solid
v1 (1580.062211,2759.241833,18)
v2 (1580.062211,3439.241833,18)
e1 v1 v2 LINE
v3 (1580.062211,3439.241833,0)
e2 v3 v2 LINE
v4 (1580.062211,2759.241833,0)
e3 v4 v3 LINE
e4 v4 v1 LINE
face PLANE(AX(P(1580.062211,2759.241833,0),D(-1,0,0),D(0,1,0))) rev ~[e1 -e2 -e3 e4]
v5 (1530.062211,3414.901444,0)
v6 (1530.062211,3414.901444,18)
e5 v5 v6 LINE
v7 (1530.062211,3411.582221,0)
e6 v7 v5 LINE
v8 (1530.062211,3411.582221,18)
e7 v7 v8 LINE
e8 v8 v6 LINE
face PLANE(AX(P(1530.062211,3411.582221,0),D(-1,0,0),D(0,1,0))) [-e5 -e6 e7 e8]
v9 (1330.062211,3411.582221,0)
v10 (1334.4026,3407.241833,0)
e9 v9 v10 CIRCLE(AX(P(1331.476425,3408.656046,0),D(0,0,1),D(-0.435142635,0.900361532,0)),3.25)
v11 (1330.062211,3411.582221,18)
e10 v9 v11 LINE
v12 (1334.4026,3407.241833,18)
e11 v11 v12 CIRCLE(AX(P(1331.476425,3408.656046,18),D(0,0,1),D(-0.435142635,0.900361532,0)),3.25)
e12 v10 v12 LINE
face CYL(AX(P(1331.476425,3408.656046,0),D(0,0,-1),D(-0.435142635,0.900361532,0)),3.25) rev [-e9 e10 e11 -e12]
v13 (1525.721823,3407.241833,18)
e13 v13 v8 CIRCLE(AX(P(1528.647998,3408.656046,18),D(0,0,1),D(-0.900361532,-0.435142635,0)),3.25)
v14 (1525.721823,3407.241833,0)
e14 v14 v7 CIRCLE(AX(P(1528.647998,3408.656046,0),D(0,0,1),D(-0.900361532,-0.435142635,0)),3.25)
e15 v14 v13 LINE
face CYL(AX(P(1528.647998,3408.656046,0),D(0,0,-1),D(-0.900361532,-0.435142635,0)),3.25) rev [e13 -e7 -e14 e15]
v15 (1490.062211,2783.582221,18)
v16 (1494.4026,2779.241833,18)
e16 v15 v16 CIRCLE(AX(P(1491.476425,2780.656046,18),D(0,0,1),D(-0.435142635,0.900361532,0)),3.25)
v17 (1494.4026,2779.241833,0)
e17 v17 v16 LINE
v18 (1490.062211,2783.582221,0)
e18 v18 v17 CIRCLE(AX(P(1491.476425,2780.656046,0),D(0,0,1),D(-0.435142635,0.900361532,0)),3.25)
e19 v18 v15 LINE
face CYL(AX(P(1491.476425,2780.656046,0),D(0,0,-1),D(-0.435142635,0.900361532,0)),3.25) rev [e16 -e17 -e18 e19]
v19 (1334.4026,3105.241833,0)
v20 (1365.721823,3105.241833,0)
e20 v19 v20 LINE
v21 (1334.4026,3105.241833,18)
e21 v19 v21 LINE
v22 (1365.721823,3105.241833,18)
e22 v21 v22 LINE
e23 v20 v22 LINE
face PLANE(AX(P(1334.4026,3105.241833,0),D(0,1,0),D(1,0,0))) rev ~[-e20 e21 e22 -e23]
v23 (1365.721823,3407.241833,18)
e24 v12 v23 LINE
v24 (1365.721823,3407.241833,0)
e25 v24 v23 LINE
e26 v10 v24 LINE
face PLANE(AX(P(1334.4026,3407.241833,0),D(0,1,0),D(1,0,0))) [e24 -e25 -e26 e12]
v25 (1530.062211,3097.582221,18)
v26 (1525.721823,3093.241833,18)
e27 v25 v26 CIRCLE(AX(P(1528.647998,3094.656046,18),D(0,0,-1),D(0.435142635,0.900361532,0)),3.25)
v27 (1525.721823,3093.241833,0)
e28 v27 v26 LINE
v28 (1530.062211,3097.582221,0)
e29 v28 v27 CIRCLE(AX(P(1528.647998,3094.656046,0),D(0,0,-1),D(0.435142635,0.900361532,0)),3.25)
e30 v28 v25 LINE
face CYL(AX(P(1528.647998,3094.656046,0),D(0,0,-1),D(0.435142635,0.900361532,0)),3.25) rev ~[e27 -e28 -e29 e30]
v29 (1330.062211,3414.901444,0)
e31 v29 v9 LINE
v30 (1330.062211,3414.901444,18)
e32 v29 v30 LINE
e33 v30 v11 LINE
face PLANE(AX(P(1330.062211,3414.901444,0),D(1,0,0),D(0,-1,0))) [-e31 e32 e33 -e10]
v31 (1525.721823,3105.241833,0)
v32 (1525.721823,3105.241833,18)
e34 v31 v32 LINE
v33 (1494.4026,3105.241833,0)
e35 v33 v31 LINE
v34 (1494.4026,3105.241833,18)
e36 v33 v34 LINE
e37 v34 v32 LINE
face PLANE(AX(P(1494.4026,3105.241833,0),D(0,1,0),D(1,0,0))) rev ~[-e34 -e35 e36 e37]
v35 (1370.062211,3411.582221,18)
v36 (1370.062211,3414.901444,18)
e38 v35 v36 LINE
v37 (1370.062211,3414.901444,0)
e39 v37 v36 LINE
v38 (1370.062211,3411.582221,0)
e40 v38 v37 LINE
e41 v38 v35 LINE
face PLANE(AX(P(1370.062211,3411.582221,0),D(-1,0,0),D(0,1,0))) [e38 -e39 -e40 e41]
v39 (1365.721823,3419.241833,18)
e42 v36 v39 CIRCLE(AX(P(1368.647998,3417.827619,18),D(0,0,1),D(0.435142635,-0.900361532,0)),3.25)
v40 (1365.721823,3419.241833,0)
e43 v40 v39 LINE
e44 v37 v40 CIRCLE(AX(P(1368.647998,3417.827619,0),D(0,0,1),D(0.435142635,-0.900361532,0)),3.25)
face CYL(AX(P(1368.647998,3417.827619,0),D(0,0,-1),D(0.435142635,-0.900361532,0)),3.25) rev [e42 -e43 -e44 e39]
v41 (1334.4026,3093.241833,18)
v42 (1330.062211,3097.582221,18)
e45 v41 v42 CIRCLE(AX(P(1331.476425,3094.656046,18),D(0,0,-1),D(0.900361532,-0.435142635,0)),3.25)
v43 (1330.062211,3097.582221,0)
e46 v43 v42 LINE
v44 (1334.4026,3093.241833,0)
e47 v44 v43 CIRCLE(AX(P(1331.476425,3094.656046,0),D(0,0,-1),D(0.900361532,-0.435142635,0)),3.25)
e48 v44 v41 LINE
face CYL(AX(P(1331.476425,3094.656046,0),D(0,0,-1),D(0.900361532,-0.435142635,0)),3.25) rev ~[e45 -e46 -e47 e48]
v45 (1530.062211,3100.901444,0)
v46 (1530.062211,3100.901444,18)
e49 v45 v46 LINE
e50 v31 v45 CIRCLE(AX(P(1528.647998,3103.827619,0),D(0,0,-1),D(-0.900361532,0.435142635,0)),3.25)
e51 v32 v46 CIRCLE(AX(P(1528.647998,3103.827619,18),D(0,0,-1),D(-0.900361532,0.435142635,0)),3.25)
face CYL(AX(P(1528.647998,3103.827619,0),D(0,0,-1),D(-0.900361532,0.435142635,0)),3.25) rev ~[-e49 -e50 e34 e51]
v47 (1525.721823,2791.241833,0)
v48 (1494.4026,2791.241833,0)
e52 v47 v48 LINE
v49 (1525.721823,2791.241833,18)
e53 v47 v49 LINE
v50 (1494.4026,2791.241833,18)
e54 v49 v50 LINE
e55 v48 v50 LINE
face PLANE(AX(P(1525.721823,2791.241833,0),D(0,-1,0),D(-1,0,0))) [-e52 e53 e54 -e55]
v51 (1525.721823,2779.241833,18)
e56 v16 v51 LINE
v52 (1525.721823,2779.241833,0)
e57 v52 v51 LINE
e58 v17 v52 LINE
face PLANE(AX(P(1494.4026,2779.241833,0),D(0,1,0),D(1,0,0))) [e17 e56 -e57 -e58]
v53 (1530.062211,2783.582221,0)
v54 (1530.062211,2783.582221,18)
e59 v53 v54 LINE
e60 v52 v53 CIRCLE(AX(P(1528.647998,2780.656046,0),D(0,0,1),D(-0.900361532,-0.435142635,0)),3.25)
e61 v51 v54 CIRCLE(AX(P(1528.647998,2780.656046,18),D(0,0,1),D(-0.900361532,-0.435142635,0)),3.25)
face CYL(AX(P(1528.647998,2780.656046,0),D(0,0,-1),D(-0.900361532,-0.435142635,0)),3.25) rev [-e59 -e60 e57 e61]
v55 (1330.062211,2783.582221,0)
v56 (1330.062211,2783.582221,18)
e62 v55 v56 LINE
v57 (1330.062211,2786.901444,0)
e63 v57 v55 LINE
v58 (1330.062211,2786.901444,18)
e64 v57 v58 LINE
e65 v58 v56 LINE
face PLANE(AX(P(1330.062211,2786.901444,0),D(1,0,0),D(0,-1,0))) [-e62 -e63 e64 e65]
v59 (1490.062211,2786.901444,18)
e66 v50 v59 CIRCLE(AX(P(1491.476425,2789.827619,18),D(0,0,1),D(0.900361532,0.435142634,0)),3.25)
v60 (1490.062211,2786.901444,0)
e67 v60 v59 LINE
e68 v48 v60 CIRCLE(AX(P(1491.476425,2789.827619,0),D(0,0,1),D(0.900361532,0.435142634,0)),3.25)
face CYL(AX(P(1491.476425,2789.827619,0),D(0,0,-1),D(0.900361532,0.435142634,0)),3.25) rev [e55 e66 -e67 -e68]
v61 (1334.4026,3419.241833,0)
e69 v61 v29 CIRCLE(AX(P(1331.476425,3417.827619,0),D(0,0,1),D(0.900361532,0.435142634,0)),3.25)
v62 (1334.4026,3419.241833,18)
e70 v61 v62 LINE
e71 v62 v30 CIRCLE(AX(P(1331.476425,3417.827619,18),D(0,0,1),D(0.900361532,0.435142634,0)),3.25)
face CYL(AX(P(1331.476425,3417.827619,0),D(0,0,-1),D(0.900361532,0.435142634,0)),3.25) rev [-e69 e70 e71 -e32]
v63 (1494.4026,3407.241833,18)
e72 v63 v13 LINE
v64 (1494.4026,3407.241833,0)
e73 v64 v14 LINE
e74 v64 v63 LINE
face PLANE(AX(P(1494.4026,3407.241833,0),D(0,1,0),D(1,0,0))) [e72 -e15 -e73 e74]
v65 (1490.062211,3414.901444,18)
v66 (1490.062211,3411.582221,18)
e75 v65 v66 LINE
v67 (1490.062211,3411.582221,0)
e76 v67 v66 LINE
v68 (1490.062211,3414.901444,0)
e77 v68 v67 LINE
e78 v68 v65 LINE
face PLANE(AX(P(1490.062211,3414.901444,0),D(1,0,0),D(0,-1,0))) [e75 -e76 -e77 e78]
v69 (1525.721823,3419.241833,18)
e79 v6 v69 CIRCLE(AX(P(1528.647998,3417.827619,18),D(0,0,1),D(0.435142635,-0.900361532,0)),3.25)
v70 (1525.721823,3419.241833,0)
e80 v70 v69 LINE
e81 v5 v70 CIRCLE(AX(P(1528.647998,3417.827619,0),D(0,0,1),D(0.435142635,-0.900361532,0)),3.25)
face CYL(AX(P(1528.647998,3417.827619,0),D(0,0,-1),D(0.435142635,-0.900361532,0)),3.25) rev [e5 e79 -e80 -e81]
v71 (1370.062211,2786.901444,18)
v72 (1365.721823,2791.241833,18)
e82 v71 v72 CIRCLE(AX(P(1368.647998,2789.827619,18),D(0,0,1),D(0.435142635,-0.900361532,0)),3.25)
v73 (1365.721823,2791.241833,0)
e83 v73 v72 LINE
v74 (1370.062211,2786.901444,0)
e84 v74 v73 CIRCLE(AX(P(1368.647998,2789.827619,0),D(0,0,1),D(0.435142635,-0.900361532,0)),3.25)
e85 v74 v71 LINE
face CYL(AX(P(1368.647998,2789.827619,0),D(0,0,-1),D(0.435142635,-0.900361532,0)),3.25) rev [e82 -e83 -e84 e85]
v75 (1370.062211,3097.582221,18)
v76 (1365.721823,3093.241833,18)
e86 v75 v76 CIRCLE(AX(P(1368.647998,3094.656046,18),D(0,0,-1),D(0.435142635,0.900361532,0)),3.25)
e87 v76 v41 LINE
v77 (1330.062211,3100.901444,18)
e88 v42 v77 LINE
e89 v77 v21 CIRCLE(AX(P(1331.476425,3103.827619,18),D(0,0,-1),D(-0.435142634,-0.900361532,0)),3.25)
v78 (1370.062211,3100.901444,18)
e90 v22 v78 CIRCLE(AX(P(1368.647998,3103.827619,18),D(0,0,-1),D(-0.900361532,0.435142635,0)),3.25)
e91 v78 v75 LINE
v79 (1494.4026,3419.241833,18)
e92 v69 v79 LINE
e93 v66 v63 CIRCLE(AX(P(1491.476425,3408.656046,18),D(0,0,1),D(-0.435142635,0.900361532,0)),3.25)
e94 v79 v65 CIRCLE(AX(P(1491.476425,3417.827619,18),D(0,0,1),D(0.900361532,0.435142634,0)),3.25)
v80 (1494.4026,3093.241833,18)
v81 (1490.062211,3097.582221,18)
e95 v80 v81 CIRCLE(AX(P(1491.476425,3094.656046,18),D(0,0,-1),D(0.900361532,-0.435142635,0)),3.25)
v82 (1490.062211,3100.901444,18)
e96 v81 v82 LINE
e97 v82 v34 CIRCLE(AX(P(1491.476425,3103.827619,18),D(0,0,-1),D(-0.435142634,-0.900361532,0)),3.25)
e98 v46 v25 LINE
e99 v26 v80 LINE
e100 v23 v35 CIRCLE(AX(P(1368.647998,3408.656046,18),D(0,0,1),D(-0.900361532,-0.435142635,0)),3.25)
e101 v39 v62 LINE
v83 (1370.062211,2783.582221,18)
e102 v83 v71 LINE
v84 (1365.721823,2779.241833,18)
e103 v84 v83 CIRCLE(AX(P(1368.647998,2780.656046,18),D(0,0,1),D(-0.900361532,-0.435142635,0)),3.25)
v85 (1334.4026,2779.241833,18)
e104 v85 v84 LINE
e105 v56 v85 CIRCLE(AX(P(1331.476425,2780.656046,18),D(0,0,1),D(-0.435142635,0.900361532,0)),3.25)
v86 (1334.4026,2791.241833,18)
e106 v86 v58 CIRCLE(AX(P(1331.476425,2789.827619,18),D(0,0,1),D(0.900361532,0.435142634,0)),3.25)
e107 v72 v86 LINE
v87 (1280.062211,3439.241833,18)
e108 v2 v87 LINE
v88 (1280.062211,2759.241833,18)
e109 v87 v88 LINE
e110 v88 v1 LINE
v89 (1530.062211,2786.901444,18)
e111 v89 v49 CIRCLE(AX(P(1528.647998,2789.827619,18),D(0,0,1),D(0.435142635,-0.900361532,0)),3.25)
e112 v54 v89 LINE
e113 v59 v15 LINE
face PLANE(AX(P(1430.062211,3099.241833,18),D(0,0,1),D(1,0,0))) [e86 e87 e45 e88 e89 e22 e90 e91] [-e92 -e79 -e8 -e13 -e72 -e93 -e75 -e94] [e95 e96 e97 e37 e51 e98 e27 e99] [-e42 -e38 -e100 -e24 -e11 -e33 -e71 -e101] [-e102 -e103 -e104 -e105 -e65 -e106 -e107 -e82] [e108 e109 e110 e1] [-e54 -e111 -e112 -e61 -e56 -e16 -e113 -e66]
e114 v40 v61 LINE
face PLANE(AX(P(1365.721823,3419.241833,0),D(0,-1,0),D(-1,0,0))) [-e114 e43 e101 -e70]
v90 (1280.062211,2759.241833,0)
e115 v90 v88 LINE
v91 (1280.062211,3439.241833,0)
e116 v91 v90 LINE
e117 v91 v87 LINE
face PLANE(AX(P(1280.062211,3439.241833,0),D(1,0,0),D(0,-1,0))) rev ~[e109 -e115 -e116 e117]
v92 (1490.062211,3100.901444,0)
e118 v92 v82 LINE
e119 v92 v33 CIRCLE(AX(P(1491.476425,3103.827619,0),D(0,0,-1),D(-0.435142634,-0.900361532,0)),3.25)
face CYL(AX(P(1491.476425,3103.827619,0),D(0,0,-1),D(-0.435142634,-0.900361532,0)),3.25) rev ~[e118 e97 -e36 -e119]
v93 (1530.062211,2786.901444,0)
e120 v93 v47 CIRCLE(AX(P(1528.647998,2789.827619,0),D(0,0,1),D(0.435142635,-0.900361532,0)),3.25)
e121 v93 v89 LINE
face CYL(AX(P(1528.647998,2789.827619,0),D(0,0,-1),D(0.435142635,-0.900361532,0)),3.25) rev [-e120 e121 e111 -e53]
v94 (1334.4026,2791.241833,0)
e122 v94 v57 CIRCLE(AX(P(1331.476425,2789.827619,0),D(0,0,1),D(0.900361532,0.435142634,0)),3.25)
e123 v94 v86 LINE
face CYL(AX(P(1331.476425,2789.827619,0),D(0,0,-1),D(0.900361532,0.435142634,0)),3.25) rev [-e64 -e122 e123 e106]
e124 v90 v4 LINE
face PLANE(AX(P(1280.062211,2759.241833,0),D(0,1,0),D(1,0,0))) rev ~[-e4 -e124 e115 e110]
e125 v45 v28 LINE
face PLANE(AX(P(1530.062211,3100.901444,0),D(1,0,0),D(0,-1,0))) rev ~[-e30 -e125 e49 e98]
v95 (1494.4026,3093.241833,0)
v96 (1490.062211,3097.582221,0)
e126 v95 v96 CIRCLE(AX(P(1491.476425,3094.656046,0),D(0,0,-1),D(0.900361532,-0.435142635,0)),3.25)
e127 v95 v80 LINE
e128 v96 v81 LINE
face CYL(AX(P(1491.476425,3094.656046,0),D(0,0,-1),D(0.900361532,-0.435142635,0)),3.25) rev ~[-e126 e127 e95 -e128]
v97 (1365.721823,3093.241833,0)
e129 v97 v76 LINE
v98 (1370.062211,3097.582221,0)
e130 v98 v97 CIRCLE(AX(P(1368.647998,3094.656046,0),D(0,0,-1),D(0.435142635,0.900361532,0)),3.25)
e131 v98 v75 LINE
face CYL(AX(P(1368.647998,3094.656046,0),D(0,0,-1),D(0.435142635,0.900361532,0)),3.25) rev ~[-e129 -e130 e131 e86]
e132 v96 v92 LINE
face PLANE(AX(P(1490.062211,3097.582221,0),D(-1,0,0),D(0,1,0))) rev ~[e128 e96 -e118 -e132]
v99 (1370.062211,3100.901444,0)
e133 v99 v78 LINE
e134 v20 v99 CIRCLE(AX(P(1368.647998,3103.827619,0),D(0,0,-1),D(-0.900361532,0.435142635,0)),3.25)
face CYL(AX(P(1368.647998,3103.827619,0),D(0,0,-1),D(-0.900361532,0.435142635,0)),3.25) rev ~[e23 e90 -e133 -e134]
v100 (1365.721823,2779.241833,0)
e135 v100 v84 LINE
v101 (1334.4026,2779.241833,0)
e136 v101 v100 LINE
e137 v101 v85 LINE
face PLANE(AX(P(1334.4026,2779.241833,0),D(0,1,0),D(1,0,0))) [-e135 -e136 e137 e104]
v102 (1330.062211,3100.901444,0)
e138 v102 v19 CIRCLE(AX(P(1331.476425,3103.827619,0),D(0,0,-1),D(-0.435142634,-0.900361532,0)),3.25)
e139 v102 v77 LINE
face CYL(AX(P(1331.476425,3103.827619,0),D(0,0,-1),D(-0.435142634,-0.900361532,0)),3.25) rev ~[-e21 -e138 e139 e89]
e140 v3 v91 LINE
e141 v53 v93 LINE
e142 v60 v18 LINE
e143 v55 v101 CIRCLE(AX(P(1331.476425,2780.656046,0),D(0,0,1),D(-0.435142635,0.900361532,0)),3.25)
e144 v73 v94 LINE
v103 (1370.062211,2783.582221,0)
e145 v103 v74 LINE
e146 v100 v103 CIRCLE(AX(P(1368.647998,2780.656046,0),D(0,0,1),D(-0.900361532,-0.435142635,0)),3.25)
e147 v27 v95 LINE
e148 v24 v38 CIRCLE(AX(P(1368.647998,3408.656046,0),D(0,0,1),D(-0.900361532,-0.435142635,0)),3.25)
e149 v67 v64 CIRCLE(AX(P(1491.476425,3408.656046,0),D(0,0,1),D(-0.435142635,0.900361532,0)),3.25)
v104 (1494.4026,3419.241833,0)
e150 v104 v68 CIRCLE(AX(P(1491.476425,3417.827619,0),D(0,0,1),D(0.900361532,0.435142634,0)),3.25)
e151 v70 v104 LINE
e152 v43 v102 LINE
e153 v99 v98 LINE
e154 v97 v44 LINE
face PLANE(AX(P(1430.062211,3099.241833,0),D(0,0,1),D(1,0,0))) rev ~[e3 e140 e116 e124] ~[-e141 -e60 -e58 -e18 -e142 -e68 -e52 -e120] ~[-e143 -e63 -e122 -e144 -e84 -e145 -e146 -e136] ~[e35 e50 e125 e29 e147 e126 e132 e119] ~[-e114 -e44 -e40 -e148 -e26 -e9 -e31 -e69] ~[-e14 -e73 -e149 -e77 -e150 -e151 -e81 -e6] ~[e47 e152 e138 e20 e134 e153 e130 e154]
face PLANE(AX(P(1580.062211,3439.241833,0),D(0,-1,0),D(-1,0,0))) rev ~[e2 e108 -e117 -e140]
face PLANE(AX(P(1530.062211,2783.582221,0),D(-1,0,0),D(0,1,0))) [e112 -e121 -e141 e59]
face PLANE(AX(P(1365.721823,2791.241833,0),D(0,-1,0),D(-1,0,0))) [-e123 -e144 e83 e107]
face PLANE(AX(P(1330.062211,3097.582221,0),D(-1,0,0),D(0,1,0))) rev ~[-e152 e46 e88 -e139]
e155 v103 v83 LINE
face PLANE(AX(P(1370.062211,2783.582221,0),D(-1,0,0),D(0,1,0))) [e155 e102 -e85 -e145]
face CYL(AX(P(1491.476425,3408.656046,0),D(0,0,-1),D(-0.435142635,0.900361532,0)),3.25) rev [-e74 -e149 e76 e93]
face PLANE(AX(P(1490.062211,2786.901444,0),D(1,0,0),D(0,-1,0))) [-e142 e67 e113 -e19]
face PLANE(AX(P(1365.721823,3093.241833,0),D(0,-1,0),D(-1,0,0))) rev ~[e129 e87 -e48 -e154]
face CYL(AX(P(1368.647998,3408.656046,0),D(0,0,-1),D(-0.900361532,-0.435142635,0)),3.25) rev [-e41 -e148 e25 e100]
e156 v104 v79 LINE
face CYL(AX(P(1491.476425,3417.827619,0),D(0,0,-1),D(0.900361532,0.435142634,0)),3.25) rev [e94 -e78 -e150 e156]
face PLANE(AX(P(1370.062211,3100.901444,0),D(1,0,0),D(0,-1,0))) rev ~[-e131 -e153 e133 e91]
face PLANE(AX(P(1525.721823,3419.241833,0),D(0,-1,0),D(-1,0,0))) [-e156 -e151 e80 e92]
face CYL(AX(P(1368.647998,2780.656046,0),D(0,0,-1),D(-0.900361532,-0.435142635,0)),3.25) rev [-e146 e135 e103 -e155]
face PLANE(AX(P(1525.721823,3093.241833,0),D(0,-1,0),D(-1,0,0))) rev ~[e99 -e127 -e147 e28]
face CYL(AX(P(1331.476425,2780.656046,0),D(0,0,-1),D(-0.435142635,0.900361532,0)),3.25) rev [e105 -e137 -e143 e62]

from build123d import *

# Parameters (mm, degrees)
BOSS_EXTRUDE1_DEPTH = 18


with BuildPart() as part:
    # Sketch1 → Boss-Extrude1 (new body)
    with BuildSketch(Plane.XY):
        Polygon((1280.062211089, 3439.241832817), (1280.062211089, 3419.241832817), (1280.062211089, 3407.241832817), (1280.062211089, 3105.241832817), (1280.062211089, 3093.241832817), (1280.062211089, 2791.241832817), (1280.062211089, 2779.241832817), (1280.062211089, 2759.241832817), (1580.062211089, 2759.241832817), (1580.062211089, 2779.241832817), (1580.062211089, 2791.241832817), (1580.062211089, 3093.241832817), (1580.062211089, 3105.241832817), (1580.062211089, 3407.241832817), (1580.062211089, 3419.241832817), (1580.062211089, 3439.241832817), align=None)
        with BuildLine():
            Line((1525.721822549, 3093.241832817), (1494.402599629, 3093.241832817))
            ThreePointArc((1494.402599629, 3093.241832817), (1489.178327612, 3092.357949341), (1490.062211089, 3097.582221357))
            Line((1490.062211089, 3097.582221357), (1490.062211089, 3100.901444277))
            ThreePointArc((1490.062211089, 3100.901444277), (1489.178327612, 3106.125716294), (1494.402599629, 3105.241832817))
            Line((1494.402599629, 3105.241832817), (1525.721822549, 3105.241832817))
            ThreePointArc((1525.721822549, 3105.241832817), (1530.946094565, 3106.125716294), (1530.062211089, 3100.901444277))
            Line((1530.062211089, 3100.901444277), (1530.062211089, 3097.582221357))
            ThreePointArc((1530.062211089, 3097.582221357), (1530.946094565, 3092.357949341), (1525.721822549, 3093.241832817))
        make_face(mode=Mode.SUBTRACT)
        with BuildLine():
            Line((1365.721822549, 2791.241832817), (1334.402599629, 2791.241832817))
            ThreePointArc((1334.402599629, 2791.241832817), (1329.178327612, 2792.125716294), (1330.062211089, 2786.901444277))
            Line((1330.062211089, 2786.901444277), (1330.062211089, 2783.582221357))
            ThreePointArc((1330.062211089, 2783.582221357), (1329.178327612, 2778.357949341), (1334.402599629, 2779.241832817))
            Line((1334.402599629, 2779.241832817), (1365.721822549, 2779.241832817))
            ThreePointArc((1365.721822549, 2779.241832817), (1370.946094565, 2778.357949341), (1370.062211089, 2783.582221357))
            Line((1370.062211089, 2783.582221357), (1370.062211089, 2786.901444277))
            ThreePointArc((1370.062211089, 2786.901444277), (1370.946094565, 2792.125716294), (1365.721822549, 2791.241832817))
        make_face(mode=Mode.SUBTRACT)
        with BuildLine():
            Line((1330.062211089, 3414.901444277), (1330.062211089, 3411.582221357))
            ThreePointArc((1330.062211089, 3411.582221357), (1329.178327612, 3406.357949341), (1334.402599629, 3407.241832817))
            Line((1334.402599629, 3407.241832817), (1365.721822549, 3407.241832817))
            ThreePointArc((1365.721822549, 3407.241832817), (1370.946094565, 3406.357949341), (1370.062211089, 3411.582221357))
            Line((1370.062211089, 3411.582221357), (1370.062211089, 3414.901444277))
            ThreePointArc((1370.062211089, 3414.901444277), (1370.946094565, 3420.125716294), (1365.721822549, 3419.241832817))
            Line((1365.721822549, 3419.241832817), (1334.402599629, 3419.241832817))
            ThreePointArc((1334.402599629, 3419.241832817), (1329.178327612, 3420.125716294), (1330.062211089, 3414.901444277))
        make_face(mode=Mode.SUBTRACT)
        with BuildLine():
            Line((1334.402599629, 3105.241832817), (1365.721822549, 3105.241832817))
            ThreePointArc((1365.721822549, 3105.241832817), (1370.946094565, 3106.125716294), (1370.062211089, 3100.901444277))
            Line((1370.062211089, 3100.901444277), (1370.062211089, 3097.582221357))
            ThreePointArc((1370.062211089, 3097.582221357), (1370.946094565, 3092.357949341), (1365.721822549, 3093.241832817))
            Line((1365.721822549, 3093.241832817), (1334.402599629, 3093.241832817))
            ThreePointArc((1334.402599629, 3093.241832817), (1329.178327612, 3092.357949341), (1330.062211089, 3097.582221357))
            Line((1330.062211089, 3097.582221357), (1330.062211089, 3100.901444277))
            ThreePointArc((1330.062211089, 3100.901444277), (1329.178327612, 3106.125716294), (1334.402599629, 3105.241832817))
        make_face(mode=Mode.SUBTRACT)
        with BuildLine():
            Line((1530.062211089, 2783.582221357), (1530.062211089, 2786.901444277))
            ThreePointArc((1530.062211089, 2786.901444277), (1530.946094565, 2792.125716294), (1525.721822549, 2791.241832817))
            Line((1525.721822549, 2791.241832817), (1494.402599629, 2791.241832817))
            ThreePointArc((1494.402599629, 2791.241832817), (1489.178327612, 2792.125716294), (1490.062211089, 2786.901444277))
            Line((1490.062211089, 2786.901444277), (1490.062211089, 2783.582221357))
            ThreePointArc((1490.062211089, 2783.582221357), (1489.178327612, 2778.357949341), (1494.402599629, 2779.241832817))
            Line((1494.402599629, 2779.241832817), (1525.721822549, 2779.241832817))
            ThreePointArc((1525.721822549, 2779.241832817), (1530.946094565, 2778.357949341), (1530.062211089, 2783.582221357))
        make_face(mode=Mode.SUBTRACT)
        with BuildLine():
            Line((1494.402599629, 3407.241832817), (1525.721822549, 3407.241832817))
            ThreePointArc((1525.721822549, 3407.241832817), (1530.946094565, 3406.357949341), (1530.062211089, 3411.582221357))
            Line((1530.062211089, 3411.582221357), (1530.062211089, 3414.901444277))
            ThreePointArc((1530.062211089, 3414.901444277), (1530.946094565, 3420.125716294), (1525.721822549, 3419.241832817))
            Line((1525.721822549, 3419.241832817), (1494.402599629, 3419.241832817))
            ThreePointArc((1494.402599629, 3419.241832817), (1489.178327612, 3420.125716294), (1490.062211089, 3414.901444277))
            Line((1490.062211089, 3414.901444277), (1490.062211089, 3411.582221357))
            ThreePointArc((1490.062211089, 3411.582221357), (1489.178327612, 3406.357949341), (1494.402599629, 3407.241832817))
        make_face(mode=Mode.SUBTRACT)
    extrude(amount=BOSS_EXTRUDE1_DEPTH)


solid = part.part
